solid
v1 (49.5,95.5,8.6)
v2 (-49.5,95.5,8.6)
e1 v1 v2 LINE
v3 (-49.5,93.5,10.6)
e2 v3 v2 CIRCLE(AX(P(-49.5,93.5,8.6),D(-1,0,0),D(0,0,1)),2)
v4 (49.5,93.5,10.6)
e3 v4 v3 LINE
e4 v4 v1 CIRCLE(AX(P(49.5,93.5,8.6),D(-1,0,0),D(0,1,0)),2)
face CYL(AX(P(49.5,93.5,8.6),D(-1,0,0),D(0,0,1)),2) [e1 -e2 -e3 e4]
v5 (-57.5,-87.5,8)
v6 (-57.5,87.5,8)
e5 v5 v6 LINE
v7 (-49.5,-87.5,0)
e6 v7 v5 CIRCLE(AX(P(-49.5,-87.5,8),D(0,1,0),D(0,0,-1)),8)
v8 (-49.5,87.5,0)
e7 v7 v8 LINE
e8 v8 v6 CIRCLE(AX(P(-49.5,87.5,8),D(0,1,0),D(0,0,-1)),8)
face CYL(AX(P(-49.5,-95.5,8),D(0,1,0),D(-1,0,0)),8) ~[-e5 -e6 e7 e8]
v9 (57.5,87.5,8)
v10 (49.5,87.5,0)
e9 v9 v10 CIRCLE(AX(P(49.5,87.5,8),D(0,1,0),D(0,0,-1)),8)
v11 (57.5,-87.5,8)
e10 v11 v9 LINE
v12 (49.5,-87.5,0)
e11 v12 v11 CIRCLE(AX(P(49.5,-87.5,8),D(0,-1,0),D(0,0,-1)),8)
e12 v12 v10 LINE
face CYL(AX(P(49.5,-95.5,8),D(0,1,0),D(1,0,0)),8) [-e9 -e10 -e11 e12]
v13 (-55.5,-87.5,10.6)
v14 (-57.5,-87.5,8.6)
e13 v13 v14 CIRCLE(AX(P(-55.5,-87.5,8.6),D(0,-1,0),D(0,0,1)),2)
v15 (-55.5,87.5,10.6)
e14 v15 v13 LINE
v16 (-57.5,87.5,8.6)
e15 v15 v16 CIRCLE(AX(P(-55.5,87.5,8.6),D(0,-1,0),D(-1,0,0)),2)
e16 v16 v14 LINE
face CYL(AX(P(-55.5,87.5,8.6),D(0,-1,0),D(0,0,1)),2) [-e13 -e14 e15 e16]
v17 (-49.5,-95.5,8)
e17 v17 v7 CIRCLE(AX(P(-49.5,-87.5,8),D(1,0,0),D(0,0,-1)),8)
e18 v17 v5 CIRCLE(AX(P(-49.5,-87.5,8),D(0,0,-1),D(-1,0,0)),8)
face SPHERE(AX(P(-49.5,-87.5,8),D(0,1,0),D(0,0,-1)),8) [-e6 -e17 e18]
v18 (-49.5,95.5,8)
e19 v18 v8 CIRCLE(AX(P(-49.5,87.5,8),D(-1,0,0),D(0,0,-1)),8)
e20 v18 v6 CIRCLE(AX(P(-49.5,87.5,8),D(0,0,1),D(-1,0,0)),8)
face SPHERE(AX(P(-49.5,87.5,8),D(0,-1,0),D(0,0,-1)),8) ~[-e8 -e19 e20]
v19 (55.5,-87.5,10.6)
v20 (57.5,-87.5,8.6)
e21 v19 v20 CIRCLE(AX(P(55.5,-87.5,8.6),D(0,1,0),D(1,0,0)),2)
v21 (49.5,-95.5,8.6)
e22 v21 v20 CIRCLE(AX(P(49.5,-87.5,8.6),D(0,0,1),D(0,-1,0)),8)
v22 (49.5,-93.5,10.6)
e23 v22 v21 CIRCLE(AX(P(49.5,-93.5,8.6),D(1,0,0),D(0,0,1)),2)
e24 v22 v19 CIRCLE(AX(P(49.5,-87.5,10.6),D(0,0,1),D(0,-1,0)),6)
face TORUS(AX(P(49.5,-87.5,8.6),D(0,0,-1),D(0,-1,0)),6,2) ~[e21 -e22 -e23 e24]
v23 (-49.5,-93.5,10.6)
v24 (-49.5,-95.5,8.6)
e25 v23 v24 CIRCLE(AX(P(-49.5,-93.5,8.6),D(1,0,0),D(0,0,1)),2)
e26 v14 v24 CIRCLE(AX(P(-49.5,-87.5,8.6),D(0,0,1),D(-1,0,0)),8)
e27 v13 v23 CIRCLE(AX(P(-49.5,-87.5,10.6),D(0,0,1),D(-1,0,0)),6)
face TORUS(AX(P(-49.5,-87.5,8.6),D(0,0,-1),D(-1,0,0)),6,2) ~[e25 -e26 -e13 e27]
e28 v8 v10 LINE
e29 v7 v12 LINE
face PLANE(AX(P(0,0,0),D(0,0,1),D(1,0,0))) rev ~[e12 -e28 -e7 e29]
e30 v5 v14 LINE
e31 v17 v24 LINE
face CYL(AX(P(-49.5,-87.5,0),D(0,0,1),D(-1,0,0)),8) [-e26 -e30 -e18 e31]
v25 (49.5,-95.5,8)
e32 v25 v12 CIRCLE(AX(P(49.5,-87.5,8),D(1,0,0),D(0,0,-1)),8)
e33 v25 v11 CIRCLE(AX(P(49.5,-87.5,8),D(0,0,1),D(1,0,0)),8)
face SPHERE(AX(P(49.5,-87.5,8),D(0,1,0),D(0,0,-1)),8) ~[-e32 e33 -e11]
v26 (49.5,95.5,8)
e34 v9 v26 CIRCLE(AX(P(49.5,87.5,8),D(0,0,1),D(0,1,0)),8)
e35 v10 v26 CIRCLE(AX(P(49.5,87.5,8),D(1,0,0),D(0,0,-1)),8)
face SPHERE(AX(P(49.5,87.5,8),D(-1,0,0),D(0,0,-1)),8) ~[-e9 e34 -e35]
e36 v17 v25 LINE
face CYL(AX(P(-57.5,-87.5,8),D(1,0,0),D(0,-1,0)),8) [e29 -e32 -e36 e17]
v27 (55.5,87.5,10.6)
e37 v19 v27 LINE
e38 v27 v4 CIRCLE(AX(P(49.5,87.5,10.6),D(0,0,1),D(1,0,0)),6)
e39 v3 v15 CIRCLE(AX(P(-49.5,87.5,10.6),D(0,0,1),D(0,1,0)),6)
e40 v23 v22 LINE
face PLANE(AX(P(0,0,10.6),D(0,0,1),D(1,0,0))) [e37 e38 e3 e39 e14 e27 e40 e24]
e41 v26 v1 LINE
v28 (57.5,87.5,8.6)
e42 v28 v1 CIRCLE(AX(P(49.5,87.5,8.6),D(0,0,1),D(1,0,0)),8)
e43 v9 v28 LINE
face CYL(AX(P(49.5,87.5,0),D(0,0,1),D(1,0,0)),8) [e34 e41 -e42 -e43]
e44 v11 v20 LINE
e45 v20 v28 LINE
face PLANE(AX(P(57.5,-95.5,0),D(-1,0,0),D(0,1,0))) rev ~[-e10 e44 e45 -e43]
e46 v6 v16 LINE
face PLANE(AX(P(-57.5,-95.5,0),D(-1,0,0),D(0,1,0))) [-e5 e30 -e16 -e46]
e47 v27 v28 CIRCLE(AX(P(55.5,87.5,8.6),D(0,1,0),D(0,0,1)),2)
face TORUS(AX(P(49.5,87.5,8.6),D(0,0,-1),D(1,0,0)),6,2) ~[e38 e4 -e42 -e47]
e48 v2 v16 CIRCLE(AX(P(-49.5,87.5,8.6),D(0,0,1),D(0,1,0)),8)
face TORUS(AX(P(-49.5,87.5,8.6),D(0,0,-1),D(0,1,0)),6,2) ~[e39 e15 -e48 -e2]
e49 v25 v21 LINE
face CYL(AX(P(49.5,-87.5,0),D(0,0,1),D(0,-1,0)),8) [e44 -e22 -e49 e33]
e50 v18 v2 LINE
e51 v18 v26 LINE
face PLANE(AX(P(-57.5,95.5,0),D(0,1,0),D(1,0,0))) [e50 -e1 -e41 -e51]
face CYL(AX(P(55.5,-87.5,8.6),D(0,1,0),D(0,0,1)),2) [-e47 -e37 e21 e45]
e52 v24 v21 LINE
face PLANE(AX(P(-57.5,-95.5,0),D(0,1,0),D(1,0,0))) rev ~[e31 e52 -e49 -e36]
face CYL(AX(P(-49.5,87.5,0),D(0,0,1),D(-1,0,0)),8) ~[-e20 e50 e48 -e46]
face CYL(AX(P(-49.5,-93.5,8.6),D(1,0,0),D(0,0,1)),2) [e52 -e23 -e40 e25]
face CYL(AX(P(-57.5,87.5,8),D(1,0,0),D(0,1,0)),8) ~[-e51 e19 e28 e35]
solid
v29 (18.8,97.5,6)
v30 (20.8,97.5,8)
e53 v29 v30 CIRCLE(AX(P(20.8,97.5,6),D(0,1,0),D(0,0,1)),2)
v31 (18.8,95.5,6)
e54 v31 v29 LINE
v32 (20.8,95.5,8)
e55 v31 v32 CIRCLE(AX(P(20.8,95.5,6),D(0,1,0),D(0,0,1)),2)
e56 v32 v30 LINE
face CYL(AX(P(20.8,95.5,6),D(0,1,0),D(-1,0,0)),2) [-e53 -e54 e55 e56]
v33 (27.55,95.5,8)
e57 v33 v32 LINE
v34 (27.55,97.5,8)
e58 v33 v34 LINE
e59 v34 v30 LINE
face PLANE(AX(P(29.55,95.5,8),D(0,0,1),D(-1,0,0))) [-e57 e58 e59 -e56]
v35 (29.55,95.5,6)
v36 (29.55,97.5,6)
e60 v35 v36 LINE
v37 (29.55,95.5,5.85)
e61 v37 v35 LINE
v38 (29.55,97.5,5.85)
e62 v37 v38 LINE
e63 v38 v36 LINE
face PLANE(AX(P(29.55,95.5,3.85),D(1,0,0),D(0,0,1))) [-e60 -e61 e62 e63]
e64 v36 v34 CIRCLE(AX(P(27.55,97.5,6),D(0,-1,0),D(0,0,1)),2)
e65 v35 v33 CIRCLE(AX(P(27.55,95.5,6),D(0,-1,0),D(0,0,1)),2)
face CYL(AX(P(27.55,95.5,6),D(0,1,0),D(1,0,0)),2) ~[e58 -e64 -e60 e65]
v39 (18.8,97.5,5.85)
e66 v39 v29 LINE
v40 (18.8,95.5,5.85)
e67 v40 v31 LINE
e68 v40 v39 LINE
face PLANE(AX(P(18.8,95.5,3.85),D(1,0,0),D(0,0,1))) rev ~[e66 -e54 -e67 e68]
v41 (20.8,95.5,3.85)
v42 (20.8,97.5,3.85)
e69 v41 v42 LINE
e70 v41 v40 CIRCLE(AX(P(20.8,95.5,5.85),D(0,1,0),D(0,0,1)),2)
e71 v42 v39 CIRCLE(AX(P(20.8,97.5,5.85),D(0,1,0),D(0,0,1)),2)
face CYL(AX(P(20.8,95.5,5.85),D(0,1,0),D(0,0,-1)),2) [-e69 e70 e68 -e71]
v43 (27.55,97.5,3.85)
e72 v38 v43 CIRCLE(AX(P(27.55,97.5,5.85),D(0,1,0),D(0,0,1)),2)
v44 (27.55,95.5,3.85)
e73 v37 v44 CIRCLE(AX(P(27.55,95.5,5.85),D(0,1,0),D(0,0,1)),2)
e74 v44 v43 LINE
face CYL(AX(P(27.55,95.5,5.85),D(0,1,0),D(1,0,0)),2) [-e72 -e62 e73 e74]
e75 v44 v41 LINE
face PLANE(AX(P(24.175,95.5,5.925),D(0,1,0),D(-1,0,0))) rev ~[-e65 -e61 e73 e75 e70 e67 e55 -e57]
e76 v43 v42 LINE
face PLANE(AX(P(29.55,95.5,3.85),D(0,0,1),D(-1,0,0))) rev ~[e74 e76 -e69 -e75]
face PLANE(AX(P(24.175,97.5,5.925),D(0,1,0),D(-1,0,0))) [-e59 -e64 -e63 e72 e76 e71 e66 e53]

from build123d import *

# Parameters (mm, degrees)
F0_W     = 115
F0_H     = 191
F1_DEPTH = 10.6
F2_R     = 8
F3_R     = 2
F4_W     = 10.75
F4_H     = 4.15
F5_DEPTH = 2
F6_R     = 2


with BuildPart() as f1:
    # F0 (on Top) → F1 (new body)
    with BuildSketch(Plane.XY):
        Rectangle(F0_W, F0_H)
    extrude(amount=F1_DEPTH)

    # F2
    f2_edges = [f1.edges().sort_by_distance(p)[0] for p in [
        (-57.5, 0, 0),
        (0, 95.5, 0),
        (57.5, 0, 0),
        (0, -95.5, 0),
        (-57.5, 95.5, 5.3),
        (57.5, 95.5, 5.3),
        (57.5, -95.5, 5.3),
        (-57.5, -95.5, 5.3),
    ]]
    fillet(f2_edges, radius=F2_R)

    # F3
    f3_edges = [f1.edges().sort_by_distance(p)[0] for p in [
        (0, -95.5, 10.6),
    ]]
    fillet(f3_edges, radius=F3_R)


with BuildPart() as f5:
    # F4 (on face) → F5 (new body)
    with BuildSketch(Plane(origin=(0, 95.5, 0), x_dir=(-1, 0, 0), z_dir=(0, 1, 0))):
        with Locations((-24.175, 5.925)):
            Rectangle(F4_W, F4_H)
    extrude(amount=F5_DEPTH)

    # F6
    f6_edges = [f5.edges().sort_by_distance(p)[0] for p in [
        (18.8, 96.5, 8),
        (18.8, 96.5, 3.85),
        (29.55, 96.5, 3.85),
        (29.55, 96.5, 8),
    ]]
    fillet(f6_edges, radius=F6_R)


solid = Compound([f1.part, f5.part])
